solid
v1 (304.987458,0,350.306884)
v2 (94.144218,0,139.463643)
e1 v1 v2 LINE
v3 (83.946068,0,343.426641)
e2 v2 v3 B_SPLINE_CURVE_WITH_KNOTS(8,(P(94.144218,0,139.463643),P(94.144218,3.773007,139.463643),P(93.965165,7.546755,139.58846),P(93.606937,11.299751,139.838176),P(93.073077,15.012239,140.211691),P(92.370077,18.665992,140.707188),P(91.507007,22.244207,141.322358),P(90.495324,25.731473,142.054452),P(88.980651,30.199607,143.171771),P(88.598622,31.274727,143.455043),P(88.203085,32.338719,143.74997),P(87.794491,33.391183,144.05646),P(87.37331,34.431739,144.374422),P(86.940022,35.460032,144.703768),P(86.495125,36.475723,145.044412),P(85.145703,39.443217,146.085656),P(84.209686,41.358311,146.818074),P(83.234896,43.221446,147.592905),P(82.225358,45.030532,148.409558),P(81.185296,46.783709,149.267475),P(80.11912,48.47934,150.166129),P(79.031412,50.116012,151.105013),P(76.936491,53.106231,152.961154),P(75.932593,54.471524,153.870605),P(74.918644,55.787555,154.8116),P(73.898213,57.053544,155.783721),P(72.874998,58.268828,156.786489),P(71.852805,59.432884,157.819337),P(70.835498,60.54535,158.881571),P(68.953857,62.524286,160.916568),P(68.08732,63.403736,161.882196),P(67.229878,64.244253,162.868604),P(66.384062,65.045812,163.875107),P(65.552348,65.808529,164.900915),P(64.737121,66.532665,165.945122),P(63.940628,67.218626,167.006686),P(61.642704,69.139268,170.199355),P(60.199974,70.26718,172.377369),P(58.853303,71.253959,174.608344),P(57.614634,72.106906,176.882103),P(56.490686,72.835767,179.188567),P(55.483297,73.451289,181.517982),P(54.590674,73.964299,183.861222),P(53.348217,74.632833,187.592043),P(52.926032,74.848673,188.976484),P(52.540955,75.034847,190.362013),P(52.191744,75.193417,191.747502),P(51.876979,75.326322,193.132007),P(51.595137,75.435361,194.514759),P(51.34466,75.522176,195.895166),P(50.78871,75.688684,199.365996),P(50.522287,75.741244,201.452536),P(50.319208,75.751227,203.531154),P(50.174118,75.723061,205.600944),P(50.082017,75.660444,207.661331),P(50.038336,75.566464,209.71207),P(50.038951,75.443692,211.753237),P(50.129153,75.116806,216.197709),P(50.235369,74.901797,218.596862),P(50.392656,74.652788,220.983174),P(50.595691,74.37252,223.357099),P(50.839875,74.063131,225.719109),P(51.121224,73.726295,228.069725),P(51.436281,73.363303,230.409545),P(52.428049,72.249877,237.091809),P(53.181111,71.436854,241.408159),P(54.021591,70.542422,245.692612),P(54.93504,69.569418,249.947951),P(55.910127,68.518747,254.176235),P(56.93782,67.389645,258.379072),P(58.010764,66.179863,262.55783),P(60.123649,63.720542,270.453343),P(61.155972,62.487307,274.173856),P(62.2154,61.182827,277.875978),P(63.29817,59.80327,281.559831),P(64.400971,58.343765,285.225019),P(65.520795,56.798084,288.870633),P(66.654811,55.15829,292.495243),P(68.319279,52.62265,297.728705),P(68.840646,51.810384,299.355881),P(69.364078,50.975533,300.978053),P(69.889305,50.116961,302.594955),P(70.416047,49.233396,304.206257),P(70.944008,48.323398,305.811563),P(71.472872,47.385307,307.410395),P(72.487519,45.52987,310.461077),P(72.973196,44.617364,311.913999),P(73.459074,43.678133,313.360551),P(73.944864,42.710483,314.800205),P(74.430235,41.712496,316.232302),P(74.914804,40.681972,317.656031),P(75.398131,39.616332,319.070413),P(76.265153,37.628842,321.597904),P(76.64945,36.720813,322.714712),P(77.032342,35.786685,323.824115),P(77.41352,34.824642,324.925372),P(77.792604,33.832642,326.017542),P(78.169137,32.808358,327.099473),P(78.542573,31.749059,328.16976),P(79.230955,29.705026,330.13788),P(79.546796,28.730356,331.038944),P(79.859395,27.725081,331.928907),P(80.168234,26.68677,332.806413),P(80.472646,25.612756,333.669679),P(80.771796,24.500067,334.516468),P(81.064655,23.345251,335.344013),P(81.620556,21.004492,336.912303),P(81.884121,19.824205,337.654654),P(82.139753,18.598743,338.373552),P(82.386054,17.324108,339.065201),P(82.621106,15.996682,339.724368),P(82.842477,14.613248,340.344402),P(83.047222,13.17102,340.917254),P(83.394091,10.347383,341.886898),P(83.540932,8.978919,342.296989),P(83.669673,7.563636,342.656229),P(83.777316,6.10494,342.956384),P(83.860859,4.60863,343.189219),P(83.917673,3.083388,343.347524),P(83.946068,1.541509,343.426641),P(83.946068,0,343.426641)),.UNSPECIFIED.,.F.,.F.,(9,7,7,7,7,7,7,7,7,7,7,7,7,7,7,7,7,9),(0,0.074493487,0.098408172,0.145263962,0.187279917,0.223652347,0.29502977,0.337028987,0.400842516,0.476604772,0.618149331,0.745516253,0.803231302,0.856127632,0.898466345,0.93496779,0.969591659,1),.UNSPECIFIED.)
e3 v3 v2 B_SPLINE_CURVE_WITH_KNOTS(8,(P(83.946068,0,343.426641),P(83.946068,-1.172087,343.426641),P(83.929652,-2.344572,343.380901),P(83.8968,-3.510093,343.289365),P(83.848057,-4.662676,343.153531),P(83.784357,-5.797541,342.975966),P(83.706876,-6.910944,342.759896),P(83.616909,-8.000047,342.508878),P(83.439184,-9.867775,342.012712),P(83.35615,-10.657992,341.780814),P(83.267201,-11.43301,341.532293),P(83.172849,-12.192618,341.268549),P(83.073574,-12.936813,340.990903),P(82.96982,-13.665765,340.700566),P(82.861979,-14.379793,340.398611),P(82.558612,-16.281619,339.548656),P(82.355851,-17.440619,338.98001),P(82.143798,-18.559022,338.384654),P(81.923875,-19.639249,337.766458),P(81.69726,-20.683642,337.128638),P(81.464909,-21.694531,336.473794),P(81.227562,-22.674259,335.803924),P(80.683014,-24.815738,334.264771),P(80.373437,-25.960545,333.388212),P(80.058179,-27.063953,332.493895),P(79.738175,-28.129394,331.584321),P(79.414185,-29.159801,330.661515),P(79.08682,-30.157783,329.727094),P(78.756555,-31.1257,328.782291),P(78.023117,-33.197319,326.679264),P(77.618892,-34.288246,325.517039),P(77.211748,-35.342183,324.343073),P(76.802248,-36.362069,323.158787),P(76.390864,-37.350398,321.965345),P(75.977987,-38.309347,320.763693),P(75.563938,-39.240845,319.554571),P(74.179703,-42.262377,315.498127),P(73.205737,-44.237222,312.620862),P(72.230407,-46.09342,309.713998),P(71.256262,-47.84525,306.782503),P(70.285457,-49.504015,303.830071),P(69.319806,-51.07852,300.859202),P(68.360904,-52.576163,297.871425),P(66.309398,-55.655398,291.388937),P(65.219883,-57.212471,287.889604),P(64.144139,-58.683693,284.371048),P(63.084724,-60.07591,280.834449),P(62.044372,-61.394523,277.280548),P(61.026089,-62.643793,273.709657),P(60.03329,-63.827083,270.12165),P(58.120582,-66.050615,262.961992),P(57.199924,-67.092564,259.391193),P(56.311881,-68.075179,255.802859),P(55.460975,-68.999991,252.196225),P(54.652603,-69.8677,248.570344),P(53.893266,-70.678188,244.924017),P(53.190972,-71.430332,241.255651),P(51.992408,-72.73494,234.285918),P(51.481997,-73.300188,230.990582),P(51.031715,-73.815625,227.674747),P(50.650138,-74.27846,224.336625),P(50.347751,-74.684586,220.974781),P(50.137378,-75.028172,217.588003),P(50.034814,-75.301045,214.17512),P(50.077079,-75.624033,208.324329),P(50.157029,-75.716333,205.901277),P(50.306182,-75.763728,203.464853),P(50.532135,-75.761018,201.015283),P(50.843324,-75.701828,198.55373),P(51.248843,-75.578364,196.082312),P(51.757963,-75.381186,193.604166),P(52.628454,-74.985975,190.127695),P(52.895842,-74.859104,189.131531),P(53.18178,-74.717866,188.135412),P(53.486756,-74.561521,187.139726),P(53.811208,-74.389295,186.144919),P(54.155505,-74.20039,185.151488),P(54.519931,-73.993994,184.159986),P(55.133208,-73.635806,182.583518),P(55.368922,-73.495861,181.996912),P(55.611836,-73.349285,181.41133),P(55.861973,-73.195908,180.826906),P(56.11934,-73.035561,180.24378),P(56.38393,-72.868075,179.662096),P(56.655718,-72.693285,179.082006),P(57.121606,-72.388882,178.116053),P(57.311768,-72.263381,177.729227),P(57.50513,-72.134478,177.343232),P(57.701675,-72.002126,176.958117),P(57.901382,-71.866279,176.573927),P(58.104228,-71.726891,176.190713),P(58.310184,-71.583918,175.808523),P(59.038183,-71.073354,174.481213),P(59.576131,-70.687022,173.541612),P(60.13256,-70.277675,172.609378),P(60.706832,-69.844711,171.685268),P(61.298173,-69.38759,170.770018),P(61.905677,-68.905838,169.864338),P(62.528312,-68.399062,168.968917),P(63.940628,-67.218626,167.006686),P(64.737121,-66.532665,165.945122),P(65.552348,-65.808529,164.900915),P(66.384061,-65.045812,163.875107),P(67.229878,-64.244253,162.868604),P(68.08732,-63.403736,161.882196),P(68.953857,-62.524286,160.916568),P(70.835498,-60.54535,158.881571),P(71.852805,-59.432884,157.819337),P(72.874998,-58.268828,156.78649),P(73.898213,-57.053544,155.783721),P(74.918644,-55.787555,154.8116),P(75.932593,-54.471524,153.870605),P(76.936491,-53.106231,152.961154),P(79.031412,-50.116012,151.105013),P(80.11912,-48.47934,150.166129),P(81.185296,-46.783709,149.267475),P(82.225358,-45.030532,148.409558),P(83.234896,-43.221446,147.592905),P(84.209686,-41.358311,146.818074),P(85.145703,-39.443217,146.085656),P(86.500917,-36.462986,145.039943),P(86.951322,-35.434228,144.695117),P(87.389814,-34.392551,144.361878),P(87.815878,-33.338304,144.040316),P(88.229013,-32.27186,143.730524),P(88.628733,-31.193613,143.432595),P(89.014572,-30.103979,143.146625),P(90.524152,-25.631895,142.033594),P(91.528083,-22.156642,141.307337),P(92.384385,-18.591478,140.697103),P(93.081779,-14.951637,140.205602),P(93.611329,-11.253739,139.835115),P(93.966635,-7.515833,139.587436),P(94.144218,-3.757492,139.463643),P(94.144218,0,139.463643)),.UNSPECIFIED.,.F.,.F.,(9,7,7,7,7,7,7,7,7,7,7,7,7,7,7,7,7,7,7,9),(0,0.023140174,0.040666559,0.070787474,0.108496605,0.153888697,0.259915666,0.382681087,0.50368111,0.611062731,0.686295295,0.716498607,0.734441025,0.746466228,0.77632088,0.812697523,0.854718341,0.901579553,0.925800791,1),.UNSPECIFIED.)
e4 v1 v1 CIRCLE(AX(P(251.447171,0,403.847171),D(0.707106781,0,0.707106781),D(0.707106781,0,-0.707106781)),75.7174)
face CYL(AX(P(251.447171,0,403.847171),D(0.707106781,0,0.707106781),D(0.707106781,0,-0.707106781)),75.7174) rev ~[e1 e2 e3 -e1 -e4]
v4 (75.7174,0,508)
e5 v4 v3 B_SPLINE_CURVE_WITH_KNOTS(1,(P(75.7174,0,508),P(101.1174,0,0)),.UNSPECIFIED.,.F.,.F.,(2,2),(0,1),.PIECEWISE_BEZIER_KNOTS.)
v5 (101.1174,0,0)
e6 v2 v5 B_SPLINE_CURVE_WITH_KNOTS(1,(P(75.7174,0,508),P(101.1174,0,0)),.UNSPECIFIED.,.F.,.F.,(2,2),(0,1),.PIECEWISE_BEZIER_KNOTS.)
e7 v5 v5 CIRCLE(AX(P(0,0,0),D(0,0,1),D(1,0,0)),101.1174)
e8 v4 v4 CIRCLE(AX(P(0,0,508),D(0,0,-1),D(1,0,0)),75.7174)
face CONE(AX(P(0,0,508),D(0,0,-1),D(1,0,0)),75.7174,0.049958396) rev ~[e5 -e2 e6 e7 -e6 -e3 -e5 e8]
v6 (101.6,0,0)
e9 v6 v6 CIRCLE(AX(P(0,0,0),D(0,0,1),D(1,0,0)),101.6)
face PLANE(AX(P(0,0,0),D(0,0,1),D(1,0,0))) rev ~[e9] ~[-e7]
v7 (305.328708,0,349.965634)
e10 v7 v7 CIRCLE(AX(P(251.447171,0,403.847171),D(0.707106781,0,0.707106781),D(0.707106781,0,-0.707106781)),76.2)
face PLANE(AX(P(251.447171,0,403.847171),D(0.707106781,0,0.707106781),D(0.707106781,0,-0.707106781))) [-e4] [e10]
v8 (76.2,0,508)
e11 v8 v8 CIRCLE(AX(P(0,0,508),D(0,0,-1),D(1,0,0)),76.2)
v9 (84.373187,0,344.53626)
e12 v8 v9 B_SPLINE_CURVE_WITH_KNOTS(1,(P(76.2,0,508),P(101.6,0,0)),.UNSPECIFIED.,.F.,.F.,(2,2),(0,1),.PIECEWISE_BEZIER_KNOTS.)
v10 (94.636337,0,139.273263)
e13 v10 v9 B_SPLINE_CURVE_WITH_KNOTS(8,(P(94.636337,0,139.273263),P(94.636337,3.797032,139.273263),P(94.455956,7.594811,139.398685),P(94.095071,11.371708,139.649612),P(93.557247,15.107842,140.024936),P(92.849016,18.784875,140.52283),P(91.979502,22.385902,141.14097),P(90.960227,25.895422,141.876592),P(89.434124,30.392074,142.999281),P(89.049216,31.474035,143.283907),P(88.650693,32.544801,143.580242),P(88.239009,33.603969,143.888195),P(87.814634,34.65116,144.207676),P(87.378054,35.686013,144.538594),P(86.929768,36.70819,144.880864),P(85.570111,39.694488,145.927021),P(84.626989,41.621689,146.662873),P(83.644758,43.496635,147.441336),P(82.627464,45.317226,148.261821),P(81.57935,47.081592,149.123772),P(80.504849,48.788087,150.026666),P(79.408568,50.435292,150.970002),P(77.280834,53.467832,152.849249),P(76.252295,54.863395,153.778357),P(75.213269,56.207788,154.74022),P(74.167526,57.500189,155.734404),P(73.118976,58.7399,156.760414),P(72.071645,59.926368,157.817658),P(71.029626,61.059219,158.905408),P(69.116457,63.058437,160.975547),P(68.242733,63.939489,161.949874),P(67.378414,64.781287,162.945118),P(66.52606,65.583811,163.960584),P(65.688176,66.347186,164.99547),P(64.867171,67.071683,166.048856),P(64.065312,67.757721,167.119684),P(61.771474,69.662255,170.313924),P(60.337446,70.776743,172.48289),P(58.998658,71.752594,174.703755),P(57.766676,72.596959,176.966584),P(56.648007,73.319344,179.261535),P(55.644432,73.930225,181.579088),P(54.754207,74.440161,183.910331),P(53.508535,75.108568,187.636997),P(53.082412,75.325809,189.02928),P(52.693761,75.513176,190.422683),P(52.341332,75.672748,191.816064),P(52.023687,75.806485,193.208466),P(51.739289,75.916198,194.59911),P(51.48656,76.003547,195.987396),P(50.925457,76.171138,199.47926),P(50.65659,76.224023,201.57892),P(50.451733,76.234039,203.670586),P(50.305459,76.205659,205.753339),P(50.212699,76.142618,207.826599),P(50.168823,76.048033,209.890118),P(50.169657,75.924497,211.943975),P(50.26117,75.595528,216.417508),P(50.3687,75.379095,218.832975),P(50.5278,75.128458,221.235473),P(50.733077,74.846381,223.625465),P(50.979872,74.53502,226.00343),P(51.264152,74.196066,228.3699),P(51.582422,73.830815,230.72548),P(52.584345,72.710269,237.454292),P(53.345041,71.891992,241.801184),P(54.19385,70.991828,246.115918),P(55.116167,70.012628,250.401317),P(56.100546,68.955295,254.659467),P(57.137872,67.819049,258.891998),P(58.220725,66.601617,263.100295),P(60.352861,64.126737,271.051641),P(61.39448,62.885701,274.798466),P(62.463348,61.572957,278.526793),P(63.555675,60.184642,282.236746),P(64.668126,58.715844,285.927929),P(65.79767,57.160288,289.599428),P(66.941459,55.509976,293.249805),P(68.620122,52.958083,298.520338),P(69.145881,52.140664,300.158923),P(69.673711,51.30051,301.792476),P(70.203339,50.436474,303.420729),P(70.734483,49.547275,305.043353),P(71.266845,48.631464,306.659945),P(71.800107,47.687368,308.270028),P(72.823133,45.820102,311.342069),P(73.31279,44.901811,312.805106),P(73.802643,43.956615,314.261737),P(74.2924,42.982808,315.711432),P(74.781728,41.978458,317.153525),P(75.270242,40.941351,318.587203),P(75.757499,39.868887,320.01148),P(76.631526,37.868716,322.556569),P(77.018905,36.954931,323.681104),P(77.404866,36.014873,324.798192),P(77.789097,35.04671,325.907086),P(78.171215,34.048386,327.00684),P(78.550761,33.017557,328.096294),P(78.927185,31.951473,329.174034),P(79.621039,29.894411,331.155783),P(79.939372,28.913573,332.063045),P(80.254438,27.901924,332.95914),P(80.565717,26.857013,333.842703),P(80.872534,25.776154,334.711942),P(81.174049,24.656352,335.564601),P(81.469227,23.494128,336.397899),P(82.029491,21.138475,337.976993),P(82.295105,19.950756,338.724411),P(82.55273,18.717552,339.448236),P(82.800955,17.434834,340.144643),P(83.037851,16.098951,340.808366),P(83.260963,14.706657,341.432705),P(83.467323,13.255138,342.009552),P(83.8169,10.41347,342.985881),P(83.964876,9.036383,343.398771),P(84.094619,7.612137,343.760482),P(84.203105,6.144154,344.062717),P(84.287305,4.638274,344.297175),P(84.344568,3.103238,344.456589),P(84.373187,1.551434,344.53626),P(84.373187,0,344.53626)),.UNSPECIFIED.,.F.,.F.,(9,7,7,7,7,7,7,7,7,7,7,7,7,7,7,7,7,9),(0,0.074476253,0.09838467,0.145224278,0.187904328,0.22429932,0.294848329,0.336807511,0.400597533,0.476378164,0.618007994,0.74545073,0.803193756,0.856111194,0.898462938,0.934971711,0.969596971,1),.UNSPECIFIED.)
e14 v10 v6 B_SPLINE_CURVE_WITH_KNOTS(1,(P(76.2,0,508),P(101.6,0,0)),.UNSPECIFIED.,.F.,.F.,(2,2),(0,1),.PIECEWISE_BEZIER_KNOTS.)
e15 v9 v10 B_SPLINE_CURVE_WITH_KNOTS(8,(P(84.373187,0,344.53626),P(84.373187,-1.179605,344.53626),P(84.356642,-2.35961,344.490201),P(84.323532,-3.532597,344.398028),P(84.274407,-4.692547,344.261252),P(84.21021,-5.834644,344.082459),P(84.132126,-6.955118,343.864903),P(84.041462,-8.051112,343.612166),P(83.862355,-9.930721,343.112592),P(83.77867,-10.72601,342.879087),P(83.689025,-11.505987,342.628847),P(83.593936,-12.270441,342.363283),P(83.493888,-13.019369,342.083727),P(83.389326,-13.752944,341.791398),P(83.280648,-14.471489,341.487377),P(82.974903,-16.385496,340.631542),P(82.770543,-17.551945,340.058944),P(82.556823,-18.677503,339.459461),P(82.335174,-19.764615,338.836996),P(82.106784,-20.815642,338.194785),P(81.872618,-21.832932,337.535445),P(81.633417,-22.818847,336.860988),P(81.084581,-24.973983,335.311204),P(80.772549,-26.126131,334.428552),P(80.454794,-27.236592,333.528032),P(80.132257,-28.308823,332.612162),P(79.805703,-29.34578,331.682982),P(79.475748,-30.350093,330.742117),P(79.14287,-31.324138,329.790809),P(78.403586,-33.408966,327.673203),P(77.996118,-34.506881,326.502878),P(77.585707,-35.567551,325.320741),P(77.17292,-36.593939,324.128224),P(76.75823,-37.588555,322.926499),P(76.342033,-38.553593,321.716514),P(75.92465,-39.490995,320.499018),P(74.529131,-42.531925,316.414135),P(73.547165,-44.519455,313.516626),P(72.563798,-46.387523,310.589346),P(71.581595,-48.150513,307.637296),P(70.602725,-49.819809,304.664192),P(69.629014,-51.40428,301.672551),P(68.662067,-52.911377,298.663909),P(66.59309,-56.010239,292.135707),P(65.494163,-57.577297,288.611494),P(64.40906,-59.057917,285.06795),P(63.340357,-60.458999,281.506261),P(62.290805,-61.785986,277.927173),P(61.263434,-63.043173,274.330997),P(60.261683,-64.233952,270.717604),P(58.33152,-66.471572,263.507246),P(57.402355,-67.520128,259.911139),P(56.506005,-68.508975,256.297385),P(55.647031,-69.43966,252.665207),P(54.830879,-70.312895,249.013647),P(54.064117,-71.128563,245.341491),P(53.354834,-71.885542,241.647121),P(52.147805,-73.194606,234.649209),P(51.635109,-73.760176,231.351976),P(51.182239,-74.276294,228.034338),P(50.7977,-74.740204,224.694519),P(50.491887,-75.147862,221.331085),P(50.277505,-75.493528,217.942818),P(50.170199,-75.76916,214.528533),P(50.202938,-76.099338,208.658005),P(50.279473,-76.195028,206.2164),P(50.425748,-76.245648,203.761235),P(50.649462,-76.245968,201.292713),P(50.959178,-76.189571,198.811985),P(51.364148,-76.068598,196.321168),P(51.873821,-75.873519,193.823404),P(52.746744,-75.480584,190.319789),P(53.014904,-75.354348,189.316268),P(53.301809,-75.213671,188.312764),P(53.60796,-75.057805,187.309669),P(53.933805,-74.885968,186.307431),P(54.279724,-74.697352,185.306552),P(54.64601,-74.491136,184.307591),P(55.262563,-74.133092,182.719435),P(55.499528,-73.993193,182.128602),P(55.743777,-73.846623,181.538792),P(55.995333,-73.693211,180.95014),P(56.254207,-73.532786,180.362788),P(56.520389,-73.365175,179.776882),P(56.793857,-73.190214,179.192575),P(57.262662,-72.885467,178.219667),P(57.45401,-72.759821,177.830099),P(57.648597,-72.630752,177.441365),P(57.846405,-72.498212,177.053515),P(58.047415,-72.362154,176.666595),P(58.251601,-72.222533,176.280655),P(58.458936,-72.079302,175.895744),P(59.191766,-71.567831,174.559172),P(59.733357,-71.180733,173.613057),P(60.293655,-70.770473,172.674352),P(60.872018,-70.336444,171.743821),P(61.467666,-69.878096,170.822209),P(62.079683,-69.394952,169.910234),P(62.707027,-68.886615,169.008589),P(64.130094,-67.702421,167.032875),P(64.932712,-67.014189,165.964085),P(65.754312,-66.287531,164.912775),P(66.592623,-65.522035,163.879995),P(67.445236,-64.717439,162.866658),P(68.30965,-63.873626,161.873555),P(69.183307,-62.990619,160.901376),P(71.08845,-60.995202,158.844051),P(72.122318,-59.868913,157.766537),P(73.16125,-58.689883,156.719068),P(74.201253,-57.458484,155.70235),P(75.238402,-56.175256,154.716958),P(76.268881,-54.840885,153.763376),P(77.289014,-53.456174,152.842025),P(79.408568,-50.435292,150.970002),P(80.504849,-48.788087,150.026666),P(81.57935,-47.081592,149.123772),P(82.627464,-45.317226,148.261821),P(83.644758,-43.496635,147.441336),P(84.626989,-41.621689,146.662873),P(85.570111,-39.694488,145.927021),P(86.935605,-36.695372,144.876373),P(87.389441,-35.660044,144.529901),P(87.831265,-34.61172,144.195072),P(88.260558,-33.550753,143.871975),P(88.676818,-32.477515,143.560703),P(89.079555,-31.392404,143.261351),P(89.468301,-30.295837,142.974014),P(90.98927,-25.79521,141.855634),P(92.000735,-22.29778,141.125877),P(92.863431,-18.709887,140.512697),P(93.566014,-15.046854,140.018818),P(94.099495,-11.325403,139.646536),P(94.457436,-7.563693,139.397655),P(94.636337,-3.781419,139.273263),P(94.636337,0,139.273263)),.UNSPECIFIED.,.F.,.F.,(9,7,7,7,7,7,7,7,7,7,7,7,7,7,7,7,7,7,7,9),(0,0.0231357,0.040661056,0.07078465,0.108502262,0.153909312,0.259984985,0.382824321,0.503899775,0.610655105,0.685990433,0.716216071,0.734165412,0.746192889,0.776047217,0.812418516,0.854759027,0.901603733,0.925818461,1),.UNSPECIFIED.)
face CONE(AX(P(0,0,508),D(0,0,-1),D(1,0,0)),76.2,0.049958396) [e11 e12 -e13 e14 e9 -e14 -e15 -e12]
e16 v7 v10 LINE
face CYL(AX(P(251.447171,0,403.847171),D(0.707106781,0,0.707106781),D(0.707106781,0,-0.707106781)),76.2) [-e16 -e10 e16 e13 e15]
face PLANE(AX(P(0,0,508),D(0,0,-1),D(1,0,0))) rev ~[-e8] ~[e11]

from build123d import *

# Parameters (mm, degrees)
F5_R      = 76.2
F4_R      = 101.6
F7_R      = 76.2
F8_DEPTH  = 304.8
F9_R      = 75.7174
F12_DEPTH = 304.8
F10_R     = 75.7174
F11_R     = 101.1174


with BuildPart() as f6:
    # F5 (on face) → F6 section 0
    with BuildSketch(Plane(origin=(0, 0, 508), x_dir=(1, 0, 0), z_dir=(0, 0, -1))):
        Circle(F5_R)
    # F4 (on face) → F6 section 1
    with BuildSketch(Plane.XY):
        Circle(F4_R)
    loft()

    # F7 (on face) → F8 (join)
    with BuildSketch(Plane(origin=(327.647171, 0, 327.647171), x_dir=(0.707107, 0, -0.707107), z_dir=(0.707107, 0, 0.707107))):
        with Locations((-107.763073, 0)):
            Circle(F7_R)
    extrude(amount=-F8_DEPTH)

    # F9 (on face) → F12 (cut)
    with BuildSketch(Plane(origin=(327.647171, 0, 327.647171), x_dir=(0.707107, 0, -0.707107), z_dir=(0.707107, 0, 0.707107))):
        with Locations((-107.763073, 0)):
            Circle(F9_R)
    extrude(amount=-F12_DEPTH, mode=Mode.SUBTRACT)

    # F10 (on face) → F13 section 0
    with BuildSketch(Plane(origin=(0, 0, 508), x_dir=(1, 0, 0), z_dir=(0, 0, -1))):
        Circle(F10_R)
    # F11 (on face) → F13 section 1
    with BuildSketch(Plane.XY):
        Circle(F11_R)
    loft(mode=Mode.SUBTRACT)


solid = f6.part
